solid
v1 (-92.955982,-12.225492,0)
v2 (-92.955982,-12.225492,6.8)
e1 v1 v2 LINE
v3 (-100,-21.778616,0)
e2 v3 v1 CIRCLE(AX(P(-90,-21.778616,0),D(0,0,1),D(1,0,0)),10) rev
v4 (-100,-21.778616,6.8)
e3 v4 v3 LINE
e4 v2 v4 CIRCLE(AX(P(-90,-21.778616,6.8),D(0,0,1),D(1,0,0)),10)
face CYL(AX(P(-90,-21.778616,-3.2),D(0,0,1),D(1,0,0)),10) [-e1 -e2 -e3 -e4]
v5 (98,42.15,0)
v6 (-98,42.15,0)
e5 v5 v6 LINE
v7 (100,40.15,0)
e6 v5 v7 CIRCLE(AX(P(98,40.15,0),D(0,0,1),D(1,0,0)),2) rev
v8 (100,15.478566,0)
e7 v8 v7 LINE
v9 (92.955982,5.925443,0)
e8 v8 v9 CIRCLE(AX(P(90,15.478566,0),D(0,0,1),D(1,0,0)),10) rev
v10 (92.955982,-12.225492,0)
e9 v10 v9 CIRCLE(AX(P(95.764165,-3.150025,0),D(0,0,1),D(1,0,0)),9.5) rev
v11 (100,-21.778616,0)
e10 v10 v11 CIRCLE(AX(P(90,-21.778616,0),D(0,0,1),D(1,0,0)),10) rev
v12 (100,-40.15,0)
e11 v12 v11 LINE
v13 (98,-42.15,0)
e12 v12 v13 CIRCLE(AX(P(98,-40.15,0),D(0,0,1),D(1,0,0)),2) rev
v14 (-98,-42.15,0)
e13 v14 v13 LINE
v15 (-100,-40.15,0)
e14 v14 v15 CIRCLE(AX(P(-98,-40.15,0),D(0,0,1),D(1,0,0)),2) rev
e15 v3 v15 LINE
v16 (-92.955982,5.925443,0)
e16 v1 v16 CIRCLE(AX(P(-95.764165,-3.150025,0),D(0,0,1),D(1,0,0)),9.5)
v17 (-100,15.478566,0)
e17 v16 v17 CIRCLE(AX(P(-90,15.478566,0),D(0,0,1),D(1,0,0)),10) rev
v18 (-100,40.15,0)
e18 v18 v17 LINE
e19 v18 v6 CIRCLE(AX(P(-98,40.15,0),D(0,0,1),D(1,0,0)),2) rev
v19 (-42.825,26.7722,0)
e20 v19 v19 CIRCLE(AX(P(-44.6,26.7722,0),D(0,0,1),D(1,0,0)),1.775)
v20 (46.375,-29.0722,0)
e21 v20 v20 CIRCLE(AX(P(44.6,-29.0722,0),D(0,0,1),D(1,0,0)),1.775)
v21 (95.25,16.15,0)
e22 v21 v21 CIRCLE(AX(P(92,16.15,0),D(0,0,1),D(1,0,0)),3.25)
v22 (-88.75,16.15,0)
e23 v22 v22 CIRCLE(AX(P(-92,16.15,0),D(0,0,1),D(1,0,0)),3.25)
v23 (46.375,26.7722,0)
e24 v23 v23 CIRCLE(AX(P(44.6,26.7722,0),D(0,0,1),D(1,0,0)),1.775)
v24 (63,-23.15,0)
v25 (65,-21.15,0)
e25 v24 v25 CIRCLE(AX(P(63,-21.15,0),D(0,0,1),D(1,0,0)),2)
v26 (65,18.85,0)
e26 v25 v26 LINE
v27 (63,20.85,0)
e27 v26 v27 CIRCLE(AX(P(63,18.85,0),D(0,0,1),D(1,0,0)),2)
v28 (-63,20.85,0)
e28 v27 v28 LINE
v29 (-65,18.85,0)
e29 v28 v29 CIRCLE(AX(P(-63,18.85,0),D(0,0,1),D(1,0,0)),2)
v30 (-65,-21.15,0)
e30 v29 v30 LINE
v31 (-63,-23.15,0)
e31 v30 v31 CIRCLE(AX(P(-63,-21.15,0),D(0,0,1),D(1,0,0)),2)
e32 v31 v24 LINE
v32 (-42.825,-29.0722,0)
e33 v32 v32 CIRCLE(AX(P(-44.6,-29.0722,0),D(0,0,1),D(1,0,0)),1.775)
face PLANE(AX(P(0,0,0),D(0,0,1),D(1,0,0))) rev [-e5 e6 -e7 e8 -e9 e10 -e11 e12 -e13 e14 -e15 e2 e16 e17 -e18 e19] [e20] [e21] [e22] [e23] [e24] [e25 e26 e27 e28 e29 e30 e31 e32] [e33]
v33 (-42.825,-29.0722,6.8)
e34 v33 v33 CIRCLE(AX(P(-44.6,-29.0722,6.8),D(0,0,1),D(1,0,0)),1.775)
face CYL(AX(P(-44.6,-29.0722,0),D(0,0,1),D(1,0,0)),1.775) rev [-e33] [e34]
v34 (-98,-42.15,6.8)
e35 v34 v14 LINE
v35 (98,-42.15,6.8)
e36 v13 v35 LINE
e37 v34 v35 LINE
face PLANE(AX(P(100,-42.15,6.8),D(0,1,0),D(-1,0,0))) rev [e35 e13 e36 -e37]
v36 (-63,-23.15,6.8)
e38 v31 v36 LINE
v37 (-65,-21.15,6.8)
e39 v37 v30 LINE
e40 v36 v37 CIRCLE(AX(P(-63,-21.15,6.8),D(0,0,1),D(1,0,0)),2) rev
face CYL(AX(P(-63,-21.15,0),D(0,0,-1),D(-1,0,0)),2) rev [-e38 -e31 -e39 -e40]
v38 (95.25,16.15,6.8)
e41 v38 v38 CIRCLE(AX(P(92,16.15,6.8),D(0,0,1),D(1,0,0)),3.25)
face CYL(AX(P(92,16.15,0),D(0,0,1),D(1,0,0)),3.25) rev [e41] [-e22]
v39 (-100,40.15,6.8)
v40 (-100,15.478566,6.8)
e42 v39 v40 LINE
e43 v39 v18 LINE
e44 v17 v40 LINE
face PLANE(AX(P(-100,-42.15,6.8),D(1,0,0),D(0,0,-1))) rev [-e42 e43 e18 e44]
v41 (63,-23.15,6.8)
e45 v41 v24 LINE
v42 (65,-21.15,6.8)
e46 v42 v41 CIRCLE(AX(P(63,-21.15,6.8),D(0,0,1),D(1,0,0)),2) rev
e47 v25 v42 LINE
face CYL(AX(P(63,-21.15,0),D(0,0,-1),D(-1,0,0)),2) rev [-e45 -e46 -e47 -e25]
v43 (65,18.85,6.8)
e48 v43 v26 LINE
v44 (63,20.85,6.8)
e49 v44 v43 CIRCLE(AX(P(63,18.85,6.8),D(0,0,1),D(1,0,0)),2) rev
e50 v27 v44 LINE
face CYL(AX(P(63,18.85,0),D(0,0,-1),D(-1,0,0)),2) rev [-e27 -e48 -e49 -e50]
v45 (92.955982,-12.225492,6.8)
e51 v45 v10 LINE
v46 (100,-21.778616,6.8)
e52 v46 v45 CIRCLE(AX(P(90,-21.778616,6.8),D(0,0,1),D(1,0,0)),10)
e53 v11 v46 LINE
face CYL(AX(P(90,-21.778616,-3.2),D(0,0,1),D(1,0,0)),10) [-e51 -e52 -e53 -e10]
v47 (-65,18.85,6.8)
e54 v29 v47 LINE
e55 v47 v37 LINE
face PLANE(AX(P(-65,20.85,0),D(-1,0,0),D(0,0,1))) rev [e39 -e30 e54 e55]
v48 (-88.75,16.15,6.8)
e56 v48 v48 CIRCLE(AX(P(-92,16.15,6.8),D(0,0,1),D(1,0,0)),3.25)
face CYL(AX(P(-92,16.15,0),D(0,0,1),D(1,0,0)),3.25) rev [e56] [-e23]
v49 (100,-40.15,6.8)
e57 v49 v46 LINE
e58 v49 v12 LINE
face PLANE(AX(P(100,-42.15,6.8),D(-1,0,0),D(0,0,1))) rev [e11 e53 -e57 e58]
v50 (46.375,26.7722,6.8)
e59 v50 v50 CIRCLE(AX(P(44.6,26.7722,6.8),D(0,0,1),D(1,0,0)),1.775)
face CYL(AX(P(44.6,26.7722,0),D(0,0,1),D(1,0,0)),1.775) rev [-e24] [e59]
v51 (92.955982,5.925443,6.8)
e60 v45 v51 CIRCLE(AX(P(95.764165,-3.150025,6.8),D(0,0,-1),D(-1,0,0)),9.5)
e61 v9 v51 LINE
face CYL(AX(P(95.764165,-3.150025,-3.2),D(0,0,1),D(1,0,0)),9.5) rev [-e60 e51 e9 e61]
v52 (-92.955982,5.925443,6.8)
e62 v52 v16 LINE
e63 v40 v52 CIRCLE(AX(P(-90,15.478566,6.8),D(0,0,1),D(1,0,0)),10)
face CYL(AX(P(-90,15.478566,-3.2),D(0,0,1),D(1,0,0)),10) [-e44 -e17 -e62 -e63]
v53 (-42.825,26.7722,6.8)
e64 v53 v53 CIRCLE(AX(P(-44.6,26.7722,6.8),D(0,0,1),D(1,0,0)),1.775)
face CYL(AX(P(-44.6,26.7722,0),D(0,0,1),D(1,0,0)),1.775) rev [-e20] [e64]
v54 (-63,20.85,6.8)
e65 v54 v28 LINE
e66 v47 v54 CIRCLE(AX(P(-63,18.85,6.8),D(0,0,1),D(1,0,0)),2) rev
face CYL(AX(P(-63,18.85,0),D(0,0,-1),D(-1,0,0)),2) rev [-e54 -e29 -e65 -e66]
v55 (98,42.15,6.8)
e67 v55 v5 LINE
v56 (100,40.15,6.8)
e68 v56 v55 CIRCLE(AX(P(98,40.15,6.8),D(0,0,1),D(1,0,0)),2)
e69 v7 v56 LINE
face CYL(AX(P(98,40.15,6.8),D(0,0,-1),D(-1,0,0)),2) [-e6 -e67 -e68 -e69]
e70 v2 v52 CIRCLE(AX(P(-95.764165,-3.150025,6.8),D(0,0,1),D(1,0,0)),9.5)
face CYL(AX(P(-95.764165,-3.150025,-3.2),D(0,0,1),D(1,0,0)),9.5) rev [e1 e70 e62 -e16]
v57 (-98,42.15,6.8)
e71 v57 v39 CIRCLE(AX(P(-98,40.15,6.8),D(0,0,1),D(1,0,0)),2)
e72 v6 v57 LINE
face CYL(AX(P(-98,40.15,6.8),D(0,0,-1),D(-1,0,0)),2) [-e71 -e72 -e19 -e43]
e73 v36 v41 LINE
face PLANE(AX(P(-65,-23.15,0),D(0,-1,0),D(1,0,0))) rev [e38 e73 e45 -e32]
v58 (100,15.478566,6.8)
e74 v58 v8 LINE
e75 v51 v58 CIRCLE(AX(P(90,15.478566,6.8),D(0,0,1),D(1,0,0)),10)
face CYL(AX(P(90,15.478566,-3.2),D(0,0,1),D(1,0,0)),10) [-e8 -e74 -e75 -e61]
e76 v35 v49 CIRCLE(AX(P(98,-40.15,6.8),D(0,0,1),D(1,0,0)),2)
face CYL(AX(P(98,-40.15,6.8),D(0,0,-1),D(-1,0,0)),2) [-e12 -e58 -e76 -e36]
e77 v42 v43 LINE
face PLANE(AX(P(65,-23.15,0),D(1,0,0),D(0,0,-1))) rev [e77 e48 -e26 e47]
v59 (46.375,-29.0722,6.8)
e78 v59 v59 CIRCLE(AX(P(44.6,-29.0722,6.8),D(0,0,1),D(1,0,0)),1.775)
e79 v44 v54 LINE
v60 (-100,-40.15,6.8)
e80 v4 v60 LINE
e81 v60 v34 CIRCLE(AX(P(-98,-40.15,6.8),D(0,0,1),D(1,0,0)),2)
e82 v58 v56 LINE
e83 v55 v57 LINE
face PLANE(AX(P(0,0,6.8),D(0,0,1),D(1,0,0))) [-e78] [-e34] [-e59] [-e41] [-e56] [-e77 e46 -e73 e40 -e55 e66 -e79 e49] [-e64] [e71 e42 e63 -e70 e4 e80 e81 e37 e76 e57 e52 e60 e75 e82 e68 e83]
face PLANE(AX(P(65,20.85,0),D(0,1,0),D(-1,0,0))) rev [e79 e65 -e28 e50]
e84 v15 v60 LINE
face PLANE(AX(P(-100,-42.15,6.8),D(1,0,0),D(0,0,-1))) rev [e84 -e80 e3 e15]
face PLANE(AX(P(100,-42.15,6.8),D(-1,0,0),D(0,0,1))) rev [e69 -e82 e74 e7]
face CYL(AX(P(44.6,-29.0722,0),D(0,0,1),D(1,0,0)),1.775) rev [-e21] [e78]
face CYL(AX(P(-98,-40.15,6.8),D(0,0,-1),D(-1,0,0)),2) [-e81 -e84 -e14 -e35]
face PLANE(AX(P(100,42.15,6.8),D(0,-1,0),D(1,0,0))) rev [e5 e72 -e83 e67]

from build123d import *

# Parameters (mm, degrees)
SKETCH1_W           = 200
SKETCH1_H           = 84.3
BOSS_EXTRUDE1_DEPTH = 6.8
SKETCH2_R           = 3.25
CUT_EXTRUDE1_DEPTH  = 6.8
FILLET1_R           = 2
SKETCH3_R           = 1.775
SKETCH3_W           = 130
SKETCH3_H           = 44
CUT_EXTRUDE2_DEPTH  = 109.732987175
FILLET2_R           = 2
CUT_EXTRUDE3_DEPTH  = 10
FILLET3_R           = 10


with BuildPart() as part:
    # Sketch1 → Boss-Extrude1 (new body)
    with BuildSketch(Plane.XY):
        Rectangle(SKETCH1_W, SKETCH1_H)
    extrude(amount=BOSS_EXTRUDE1_DEPTH)

    # Sketch2 → Cut-Extrude1 (cut)
    with BuildSketch(Plane.XY.offset(6.8)):
        with Locations((-92, 16.15)):
            Circle(SKETCH2_R)
        with Locations((92, 16.15)):
            Circle(SKETCH2_R)
    extrude(amount=-CUT_EXTRUDE1_DEPTH, mode=Mode.SUBTRACT)

    # Fillet1
    fillet1_edges = [part.edges().sort_by_distance(p)[0] for p in [
        (-100, 42.15, 3.4),
        (100, 42.15, 3.4),
        (100, -42.15, 3.4),
        (-100, -42.15, 3.4),
    ]]
    fillet(fillet1_edges, radius=FILLET1_R)

    # Sketch3 → Cut-Extrude2 (cut, through all)
    with BuildSketch(Plane.XY.offset(6.8)):
        with Locations((-44.6, 26.7722)):
            Circle(SKETCH3_R)
        with Locations((44.6, 26.7722)):
            Circle(SKETCH3_R)
        with Locations((44.6, -29.0722)):
            Circle(SKETCH3_R)
        with Locations((-44.6, -29.0722)):
            Circle(SKETCH3_R)
        with Locations((0, -1.15)):
            Rectangle(SKETCH3_W, SKETCH3_H)
    extrude(amount=-CUT_EXTRUDE2_DEPTH, mode=Mode.SUBTRACT)

    # Fillet2
    fillet2_edges = [part.edges().sort_by_distance(p)[0] for p in [
        (-65, -23.15, 3.4),
        (-65, 20.85, 3.4),
        (65, 20.85, 3.4),
        (65, -23.15, 3.4),
    ]]
    fillet(fillet2_edges, radius=FILLET2_R)

    # Sketch4 → Cut-Extrude3 (cut)
    with BuildSketch(Plane.XY.offset(6.8)):
        with BuildLine():
            Line((-95.764164993, 6.349975114), (-108.891829776, 6.349975114))
            Line((-108.891829776, 6.349975114), (-108.891829776, -12.650024886))
            Line((-108.891829776, -12.650024886), (-95.764164993, -12.650024886))
            ThreePointArc((-95.764164993, -12.650024886), (-86.264164993, -3.150024886), (-95.764164993, 6.349975114))
        make_face()
    cut_extrude3 = extrude(amount=-CUT_EXTRUDE3_DEPTH, mode=Mode.SUBTRACT)

    # Mirror3: Cut-Extrude3 across plane
    add(cut_extrude3.mirror(Plane(origin=(0, 0, 0), x_dir=(0, 0, 1), z_dir=(1, 0, 0))), mode=Mode.SUBTRACT)

    # Fillet3
    fillet3_edges = [part.edges().sort_by_distance(p)[0] for p in [
        (-100, -12.650024886, 3.4),
        (-100, 6.349975114, 3.4),
        (100, 6.349975114, 3.4),
        (100, -12.650024886, 3.4),
    ]]
    fillet(fillet3_edges, radius=FILLET3_R)


solid = part.part
